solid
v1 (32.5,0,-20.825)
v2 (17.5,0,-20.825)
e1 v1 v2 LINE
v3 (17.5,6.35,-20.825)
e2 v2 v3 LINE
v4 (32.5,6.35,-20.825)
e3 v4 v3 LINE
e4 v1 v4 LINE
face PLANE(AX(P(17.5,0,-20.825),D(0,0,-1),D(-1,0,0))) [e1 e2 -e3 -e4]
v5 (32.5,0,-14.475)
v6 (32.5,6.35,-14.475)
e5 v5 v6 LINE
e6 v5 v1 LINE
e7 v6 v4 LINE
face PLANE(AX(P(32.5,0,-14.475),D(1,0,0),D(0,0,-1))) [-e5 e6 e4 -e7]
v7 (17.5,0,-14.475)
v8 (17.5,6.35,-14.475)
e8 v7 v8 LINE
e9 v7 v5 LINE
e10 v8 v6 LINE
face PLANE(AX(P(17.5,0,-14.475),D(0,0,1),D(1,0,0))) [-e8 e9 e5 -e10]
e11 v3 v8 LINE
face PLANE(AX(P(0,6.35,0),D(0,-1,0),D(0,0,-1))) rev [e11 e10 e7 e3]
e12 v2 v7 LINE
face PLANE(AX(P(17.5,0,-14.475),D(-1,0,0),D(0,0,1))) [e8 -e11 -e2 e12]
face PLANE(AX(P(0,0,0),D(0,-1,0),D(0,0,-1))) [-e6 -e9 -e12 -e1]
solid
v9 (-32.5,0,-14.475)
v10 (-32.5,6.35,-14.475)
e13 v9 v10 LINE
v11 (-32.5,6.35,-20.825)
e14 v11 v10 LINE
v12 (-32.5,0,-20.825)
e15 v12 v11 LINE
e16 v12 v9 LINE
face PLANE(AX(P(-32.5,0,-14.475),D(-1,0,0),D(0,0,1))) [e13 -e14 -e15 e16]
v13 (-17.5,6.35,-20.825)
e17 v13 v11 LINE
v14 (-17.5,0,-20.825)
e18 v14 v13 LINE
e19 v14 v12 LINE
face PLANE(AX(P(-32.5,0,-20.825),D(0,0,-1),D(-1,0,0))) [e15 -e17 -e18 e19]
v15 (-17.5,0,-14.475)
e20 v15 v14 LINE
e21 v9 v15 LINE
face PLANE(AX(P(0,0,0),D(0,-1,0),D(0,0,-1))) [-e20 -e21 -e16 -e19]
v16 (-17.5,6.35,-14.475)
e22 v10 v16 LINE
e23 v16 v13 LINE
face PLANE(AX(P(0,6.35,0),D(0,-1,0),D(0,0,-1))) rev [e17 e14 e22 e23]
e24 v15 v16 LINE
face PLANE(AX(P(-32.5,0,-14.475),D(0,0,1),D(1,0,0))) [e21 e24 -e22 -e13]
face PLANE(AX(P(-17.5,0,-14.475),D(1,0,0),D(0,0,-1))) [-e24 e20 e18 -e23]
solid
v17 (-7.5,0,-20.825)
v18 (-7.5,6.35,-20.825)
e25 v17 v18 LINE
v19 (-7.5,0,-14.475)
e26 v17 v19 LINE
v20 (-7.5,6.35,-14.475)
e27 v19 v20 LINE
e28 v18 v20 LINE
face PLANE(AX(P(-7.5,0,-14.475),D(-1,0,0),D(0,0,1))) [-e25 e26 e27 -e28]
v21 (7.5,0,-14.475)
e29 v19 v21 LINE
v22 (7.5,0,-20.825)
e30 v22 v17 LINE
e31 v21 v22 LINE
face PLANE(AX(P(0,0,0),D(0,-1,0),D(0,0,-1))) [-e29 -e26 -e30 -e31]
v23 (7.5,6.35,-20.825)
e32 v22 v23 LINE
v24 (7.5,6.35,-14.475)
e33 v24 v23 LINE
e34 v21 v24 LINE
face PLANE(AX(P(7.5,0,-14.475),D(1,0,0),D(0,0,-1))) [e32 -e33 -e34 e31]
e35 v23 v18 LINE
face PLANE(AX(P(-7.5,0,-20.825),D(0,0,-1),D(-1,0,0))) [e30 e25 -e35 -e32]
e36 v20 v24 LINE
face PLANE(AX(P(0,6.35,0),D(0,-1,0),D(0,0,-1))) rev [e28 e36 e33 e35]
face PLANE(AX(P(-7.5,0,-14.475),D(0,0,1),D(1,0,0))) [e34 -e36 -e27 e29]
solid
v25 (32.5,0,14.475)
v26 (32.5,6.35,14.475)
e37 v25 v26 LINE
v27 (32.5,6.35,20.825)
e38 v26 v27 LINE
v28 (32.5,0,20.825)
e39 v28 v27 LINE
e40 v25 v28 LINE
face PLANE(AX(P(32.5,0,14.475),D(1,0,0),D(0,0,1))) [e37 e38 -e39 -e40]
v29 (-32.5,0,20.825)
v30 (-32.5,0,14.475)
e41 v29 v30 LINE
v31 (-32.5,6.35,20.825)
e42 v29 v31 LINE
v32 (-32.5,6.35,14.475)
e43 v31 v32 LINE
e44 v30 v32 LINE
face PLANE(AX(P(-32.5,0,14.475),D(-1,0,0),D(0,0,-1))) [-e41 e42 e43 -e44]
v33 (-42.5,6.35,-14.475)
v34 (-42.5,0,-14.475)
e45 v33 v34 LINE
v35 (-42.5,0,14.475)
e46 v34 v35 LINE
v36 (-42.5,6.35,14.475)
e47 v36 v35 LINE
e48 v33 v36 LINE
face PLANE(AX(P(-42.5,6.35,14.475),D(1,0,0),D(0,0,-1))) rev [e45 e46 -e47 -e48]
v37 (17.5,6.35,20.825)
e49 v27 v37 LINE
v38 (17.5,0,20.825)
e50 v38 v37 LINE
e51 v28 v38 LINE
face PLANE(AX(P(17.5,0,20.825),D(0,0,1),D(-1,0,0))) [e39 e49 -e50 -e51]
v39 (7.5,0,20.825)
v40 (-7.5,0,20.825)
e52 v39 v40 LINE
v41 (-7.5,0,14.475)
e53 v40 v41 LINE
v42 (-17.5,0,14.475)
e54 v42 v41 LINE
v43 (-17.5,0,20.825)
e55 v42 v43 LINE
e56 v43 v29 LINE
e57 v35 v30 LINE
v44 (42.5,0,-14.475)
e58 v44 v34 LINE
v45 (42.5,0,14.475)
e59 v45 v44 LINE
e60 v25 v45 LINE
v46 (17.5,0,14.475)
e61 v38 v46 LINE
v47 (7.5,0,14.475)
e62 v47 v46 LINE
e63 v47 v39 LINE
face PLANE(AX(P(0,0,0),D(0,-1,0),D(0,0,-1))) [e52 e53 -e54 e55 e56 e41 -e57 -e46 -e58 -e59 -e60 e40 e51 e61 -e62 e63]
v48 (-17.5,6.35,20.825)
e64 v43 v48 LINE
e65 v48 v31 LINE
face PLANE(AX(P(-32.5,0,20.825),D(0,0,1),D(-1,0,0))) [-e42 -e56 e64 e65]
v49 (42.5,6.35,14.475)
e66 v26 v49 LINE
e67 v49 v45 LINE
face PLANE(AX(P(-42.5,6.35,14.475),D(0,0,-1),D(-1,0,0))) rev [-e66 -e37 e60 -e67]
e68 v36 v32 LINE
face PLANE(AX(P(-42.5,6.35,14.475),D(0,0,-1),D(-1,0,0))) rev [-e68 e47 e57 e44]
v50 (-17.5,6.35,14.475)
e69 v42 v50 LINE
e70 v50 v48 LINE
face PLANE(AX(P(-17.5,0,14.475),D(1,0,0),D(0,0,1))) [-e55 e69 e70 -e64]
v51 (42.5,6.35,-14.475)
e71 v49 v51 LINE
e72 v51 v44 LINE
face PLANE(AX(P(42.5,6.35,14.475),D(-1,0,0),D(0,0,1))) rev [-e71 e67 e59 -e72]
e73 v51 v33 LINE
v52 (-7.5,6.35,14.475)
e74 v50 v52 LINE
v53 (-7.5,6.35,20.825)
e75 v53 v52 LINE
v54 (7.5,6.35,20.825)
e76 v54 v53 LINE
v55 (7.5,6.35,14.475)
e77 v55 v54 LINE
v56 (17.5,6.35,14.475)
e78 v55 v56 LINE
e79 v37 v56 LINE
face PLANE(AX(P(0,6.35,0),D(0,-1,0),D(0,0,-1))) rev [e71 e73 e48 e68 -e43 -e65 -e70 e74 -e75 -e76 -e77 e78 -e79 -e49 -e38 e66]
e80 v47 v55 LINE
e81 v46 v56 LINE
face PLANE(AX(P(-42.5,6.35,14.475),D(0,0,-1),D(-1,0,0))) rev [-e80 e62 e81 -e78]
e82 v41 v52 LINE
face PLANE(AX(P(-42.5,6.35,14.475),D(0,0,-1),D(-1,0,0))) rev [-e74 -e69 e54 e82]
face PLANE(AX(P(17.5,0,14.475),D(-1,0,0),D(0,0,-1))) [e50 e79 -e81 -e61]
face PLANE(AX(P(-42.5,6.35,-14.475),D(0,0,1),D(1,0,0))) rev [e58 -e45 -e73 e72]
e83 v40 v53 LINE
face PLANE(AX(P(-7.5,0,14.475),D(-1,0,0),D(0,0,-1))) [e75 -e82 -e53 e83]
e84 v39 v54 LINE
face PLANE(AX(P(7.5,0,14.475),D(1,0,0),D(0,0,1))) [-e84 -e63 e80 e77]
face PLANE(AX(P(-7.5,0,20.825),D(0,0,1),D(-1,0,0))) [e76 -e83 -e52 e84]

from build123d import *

# Parameters (mm, degrees)
ESQUISSE1_W          = 85
ESQUISSE1_H          = 28.95
BOSS_EXTRU_1_DEPTH   = 6.35
ESQUISSE2_W          = 15
ESQUISSE2_H          = 6.35
BOSS_EXTRU_2_DEPTH   = 6.35
BOSS_EXTRU_2_2_DEPTH = 6.35
BOSS_EXTRU_2_3_DEPTH = 6.35


with BuildPart() as part:
    # Esquisse1 → Boss.-Extru.1 (new body)
    with BuildSketch(Plane(origin=(0, 0, 0), x_dir=(1, 0, 0), z_dir=(0, 1, 0))):
        Rectangle(ESQUISSE1_W, ESQUISSE1_H)
    extrude(amount=BOSS_EXTRU_1_DEPTH)


with BuildPart() as body_2:
    # Esquisse2 → Boss.-Extru.2 (new body)
    with BuildSketch(Plane(origin=(0, 6.35, 0), x_dir=(1, 0, 0), z_dir=(0, 1, 0))):
        with Locations((-25, 17.65)):
            Rectangle(ESQUISSE2_W, ESQUISSE2_H)
    boss_extru_2 = extrude(amount=-BOSS_EXTRU_2_DEPTH)


with BuildPart() as body_3:
    # Esquisse2 → Boss.-Extru.2 2 (new body)
    with BuildSketch(Plane(origin=(0, 6.35, 0), x_dir=(1, 0, 0), z_dir=(0, 1, 0))):
        with Locations((0, 17.65)):
            Rectangle(ESQUISSE2_W, ESQUISSE2_H)
    boss_extru_2_2 = extrude(amount=-BOSS_EXTRU_2_2_DEPTH)


with BuildPart() as body_4:
    # Esquisse2 → Boss.-Extru.2 3 (new body)
    with BuildSketch(Plane(origin=(0, 6.35, 0), x_dir=(1, 0, 0), z_dir=(0, 1, 0))):
        with Locations((25, 17.65)):
            Rectangle(ESQUISSE2_W, ESQUISSE2_H)
    boss_extru_2_3 = extrude(amount=-BOSS_EXTRU_2_3_DEPTH)


with BuildPart() as part_1:
    add(part.part)

    # Symétrie1: Boss.-Extru.2, Boss.-Extru.2 2, Boss.-Extru.2 3 across plane
    add(boss_extru_2.mirror(Plane.XY))
    add(boss_extru_2_2.mirror(Plane.XY))
    add(boss_extru_2_3.mirror(Plane.XY))


solid = Compound([body_2.part, body_3.part, body_4.part, part_1.part])
